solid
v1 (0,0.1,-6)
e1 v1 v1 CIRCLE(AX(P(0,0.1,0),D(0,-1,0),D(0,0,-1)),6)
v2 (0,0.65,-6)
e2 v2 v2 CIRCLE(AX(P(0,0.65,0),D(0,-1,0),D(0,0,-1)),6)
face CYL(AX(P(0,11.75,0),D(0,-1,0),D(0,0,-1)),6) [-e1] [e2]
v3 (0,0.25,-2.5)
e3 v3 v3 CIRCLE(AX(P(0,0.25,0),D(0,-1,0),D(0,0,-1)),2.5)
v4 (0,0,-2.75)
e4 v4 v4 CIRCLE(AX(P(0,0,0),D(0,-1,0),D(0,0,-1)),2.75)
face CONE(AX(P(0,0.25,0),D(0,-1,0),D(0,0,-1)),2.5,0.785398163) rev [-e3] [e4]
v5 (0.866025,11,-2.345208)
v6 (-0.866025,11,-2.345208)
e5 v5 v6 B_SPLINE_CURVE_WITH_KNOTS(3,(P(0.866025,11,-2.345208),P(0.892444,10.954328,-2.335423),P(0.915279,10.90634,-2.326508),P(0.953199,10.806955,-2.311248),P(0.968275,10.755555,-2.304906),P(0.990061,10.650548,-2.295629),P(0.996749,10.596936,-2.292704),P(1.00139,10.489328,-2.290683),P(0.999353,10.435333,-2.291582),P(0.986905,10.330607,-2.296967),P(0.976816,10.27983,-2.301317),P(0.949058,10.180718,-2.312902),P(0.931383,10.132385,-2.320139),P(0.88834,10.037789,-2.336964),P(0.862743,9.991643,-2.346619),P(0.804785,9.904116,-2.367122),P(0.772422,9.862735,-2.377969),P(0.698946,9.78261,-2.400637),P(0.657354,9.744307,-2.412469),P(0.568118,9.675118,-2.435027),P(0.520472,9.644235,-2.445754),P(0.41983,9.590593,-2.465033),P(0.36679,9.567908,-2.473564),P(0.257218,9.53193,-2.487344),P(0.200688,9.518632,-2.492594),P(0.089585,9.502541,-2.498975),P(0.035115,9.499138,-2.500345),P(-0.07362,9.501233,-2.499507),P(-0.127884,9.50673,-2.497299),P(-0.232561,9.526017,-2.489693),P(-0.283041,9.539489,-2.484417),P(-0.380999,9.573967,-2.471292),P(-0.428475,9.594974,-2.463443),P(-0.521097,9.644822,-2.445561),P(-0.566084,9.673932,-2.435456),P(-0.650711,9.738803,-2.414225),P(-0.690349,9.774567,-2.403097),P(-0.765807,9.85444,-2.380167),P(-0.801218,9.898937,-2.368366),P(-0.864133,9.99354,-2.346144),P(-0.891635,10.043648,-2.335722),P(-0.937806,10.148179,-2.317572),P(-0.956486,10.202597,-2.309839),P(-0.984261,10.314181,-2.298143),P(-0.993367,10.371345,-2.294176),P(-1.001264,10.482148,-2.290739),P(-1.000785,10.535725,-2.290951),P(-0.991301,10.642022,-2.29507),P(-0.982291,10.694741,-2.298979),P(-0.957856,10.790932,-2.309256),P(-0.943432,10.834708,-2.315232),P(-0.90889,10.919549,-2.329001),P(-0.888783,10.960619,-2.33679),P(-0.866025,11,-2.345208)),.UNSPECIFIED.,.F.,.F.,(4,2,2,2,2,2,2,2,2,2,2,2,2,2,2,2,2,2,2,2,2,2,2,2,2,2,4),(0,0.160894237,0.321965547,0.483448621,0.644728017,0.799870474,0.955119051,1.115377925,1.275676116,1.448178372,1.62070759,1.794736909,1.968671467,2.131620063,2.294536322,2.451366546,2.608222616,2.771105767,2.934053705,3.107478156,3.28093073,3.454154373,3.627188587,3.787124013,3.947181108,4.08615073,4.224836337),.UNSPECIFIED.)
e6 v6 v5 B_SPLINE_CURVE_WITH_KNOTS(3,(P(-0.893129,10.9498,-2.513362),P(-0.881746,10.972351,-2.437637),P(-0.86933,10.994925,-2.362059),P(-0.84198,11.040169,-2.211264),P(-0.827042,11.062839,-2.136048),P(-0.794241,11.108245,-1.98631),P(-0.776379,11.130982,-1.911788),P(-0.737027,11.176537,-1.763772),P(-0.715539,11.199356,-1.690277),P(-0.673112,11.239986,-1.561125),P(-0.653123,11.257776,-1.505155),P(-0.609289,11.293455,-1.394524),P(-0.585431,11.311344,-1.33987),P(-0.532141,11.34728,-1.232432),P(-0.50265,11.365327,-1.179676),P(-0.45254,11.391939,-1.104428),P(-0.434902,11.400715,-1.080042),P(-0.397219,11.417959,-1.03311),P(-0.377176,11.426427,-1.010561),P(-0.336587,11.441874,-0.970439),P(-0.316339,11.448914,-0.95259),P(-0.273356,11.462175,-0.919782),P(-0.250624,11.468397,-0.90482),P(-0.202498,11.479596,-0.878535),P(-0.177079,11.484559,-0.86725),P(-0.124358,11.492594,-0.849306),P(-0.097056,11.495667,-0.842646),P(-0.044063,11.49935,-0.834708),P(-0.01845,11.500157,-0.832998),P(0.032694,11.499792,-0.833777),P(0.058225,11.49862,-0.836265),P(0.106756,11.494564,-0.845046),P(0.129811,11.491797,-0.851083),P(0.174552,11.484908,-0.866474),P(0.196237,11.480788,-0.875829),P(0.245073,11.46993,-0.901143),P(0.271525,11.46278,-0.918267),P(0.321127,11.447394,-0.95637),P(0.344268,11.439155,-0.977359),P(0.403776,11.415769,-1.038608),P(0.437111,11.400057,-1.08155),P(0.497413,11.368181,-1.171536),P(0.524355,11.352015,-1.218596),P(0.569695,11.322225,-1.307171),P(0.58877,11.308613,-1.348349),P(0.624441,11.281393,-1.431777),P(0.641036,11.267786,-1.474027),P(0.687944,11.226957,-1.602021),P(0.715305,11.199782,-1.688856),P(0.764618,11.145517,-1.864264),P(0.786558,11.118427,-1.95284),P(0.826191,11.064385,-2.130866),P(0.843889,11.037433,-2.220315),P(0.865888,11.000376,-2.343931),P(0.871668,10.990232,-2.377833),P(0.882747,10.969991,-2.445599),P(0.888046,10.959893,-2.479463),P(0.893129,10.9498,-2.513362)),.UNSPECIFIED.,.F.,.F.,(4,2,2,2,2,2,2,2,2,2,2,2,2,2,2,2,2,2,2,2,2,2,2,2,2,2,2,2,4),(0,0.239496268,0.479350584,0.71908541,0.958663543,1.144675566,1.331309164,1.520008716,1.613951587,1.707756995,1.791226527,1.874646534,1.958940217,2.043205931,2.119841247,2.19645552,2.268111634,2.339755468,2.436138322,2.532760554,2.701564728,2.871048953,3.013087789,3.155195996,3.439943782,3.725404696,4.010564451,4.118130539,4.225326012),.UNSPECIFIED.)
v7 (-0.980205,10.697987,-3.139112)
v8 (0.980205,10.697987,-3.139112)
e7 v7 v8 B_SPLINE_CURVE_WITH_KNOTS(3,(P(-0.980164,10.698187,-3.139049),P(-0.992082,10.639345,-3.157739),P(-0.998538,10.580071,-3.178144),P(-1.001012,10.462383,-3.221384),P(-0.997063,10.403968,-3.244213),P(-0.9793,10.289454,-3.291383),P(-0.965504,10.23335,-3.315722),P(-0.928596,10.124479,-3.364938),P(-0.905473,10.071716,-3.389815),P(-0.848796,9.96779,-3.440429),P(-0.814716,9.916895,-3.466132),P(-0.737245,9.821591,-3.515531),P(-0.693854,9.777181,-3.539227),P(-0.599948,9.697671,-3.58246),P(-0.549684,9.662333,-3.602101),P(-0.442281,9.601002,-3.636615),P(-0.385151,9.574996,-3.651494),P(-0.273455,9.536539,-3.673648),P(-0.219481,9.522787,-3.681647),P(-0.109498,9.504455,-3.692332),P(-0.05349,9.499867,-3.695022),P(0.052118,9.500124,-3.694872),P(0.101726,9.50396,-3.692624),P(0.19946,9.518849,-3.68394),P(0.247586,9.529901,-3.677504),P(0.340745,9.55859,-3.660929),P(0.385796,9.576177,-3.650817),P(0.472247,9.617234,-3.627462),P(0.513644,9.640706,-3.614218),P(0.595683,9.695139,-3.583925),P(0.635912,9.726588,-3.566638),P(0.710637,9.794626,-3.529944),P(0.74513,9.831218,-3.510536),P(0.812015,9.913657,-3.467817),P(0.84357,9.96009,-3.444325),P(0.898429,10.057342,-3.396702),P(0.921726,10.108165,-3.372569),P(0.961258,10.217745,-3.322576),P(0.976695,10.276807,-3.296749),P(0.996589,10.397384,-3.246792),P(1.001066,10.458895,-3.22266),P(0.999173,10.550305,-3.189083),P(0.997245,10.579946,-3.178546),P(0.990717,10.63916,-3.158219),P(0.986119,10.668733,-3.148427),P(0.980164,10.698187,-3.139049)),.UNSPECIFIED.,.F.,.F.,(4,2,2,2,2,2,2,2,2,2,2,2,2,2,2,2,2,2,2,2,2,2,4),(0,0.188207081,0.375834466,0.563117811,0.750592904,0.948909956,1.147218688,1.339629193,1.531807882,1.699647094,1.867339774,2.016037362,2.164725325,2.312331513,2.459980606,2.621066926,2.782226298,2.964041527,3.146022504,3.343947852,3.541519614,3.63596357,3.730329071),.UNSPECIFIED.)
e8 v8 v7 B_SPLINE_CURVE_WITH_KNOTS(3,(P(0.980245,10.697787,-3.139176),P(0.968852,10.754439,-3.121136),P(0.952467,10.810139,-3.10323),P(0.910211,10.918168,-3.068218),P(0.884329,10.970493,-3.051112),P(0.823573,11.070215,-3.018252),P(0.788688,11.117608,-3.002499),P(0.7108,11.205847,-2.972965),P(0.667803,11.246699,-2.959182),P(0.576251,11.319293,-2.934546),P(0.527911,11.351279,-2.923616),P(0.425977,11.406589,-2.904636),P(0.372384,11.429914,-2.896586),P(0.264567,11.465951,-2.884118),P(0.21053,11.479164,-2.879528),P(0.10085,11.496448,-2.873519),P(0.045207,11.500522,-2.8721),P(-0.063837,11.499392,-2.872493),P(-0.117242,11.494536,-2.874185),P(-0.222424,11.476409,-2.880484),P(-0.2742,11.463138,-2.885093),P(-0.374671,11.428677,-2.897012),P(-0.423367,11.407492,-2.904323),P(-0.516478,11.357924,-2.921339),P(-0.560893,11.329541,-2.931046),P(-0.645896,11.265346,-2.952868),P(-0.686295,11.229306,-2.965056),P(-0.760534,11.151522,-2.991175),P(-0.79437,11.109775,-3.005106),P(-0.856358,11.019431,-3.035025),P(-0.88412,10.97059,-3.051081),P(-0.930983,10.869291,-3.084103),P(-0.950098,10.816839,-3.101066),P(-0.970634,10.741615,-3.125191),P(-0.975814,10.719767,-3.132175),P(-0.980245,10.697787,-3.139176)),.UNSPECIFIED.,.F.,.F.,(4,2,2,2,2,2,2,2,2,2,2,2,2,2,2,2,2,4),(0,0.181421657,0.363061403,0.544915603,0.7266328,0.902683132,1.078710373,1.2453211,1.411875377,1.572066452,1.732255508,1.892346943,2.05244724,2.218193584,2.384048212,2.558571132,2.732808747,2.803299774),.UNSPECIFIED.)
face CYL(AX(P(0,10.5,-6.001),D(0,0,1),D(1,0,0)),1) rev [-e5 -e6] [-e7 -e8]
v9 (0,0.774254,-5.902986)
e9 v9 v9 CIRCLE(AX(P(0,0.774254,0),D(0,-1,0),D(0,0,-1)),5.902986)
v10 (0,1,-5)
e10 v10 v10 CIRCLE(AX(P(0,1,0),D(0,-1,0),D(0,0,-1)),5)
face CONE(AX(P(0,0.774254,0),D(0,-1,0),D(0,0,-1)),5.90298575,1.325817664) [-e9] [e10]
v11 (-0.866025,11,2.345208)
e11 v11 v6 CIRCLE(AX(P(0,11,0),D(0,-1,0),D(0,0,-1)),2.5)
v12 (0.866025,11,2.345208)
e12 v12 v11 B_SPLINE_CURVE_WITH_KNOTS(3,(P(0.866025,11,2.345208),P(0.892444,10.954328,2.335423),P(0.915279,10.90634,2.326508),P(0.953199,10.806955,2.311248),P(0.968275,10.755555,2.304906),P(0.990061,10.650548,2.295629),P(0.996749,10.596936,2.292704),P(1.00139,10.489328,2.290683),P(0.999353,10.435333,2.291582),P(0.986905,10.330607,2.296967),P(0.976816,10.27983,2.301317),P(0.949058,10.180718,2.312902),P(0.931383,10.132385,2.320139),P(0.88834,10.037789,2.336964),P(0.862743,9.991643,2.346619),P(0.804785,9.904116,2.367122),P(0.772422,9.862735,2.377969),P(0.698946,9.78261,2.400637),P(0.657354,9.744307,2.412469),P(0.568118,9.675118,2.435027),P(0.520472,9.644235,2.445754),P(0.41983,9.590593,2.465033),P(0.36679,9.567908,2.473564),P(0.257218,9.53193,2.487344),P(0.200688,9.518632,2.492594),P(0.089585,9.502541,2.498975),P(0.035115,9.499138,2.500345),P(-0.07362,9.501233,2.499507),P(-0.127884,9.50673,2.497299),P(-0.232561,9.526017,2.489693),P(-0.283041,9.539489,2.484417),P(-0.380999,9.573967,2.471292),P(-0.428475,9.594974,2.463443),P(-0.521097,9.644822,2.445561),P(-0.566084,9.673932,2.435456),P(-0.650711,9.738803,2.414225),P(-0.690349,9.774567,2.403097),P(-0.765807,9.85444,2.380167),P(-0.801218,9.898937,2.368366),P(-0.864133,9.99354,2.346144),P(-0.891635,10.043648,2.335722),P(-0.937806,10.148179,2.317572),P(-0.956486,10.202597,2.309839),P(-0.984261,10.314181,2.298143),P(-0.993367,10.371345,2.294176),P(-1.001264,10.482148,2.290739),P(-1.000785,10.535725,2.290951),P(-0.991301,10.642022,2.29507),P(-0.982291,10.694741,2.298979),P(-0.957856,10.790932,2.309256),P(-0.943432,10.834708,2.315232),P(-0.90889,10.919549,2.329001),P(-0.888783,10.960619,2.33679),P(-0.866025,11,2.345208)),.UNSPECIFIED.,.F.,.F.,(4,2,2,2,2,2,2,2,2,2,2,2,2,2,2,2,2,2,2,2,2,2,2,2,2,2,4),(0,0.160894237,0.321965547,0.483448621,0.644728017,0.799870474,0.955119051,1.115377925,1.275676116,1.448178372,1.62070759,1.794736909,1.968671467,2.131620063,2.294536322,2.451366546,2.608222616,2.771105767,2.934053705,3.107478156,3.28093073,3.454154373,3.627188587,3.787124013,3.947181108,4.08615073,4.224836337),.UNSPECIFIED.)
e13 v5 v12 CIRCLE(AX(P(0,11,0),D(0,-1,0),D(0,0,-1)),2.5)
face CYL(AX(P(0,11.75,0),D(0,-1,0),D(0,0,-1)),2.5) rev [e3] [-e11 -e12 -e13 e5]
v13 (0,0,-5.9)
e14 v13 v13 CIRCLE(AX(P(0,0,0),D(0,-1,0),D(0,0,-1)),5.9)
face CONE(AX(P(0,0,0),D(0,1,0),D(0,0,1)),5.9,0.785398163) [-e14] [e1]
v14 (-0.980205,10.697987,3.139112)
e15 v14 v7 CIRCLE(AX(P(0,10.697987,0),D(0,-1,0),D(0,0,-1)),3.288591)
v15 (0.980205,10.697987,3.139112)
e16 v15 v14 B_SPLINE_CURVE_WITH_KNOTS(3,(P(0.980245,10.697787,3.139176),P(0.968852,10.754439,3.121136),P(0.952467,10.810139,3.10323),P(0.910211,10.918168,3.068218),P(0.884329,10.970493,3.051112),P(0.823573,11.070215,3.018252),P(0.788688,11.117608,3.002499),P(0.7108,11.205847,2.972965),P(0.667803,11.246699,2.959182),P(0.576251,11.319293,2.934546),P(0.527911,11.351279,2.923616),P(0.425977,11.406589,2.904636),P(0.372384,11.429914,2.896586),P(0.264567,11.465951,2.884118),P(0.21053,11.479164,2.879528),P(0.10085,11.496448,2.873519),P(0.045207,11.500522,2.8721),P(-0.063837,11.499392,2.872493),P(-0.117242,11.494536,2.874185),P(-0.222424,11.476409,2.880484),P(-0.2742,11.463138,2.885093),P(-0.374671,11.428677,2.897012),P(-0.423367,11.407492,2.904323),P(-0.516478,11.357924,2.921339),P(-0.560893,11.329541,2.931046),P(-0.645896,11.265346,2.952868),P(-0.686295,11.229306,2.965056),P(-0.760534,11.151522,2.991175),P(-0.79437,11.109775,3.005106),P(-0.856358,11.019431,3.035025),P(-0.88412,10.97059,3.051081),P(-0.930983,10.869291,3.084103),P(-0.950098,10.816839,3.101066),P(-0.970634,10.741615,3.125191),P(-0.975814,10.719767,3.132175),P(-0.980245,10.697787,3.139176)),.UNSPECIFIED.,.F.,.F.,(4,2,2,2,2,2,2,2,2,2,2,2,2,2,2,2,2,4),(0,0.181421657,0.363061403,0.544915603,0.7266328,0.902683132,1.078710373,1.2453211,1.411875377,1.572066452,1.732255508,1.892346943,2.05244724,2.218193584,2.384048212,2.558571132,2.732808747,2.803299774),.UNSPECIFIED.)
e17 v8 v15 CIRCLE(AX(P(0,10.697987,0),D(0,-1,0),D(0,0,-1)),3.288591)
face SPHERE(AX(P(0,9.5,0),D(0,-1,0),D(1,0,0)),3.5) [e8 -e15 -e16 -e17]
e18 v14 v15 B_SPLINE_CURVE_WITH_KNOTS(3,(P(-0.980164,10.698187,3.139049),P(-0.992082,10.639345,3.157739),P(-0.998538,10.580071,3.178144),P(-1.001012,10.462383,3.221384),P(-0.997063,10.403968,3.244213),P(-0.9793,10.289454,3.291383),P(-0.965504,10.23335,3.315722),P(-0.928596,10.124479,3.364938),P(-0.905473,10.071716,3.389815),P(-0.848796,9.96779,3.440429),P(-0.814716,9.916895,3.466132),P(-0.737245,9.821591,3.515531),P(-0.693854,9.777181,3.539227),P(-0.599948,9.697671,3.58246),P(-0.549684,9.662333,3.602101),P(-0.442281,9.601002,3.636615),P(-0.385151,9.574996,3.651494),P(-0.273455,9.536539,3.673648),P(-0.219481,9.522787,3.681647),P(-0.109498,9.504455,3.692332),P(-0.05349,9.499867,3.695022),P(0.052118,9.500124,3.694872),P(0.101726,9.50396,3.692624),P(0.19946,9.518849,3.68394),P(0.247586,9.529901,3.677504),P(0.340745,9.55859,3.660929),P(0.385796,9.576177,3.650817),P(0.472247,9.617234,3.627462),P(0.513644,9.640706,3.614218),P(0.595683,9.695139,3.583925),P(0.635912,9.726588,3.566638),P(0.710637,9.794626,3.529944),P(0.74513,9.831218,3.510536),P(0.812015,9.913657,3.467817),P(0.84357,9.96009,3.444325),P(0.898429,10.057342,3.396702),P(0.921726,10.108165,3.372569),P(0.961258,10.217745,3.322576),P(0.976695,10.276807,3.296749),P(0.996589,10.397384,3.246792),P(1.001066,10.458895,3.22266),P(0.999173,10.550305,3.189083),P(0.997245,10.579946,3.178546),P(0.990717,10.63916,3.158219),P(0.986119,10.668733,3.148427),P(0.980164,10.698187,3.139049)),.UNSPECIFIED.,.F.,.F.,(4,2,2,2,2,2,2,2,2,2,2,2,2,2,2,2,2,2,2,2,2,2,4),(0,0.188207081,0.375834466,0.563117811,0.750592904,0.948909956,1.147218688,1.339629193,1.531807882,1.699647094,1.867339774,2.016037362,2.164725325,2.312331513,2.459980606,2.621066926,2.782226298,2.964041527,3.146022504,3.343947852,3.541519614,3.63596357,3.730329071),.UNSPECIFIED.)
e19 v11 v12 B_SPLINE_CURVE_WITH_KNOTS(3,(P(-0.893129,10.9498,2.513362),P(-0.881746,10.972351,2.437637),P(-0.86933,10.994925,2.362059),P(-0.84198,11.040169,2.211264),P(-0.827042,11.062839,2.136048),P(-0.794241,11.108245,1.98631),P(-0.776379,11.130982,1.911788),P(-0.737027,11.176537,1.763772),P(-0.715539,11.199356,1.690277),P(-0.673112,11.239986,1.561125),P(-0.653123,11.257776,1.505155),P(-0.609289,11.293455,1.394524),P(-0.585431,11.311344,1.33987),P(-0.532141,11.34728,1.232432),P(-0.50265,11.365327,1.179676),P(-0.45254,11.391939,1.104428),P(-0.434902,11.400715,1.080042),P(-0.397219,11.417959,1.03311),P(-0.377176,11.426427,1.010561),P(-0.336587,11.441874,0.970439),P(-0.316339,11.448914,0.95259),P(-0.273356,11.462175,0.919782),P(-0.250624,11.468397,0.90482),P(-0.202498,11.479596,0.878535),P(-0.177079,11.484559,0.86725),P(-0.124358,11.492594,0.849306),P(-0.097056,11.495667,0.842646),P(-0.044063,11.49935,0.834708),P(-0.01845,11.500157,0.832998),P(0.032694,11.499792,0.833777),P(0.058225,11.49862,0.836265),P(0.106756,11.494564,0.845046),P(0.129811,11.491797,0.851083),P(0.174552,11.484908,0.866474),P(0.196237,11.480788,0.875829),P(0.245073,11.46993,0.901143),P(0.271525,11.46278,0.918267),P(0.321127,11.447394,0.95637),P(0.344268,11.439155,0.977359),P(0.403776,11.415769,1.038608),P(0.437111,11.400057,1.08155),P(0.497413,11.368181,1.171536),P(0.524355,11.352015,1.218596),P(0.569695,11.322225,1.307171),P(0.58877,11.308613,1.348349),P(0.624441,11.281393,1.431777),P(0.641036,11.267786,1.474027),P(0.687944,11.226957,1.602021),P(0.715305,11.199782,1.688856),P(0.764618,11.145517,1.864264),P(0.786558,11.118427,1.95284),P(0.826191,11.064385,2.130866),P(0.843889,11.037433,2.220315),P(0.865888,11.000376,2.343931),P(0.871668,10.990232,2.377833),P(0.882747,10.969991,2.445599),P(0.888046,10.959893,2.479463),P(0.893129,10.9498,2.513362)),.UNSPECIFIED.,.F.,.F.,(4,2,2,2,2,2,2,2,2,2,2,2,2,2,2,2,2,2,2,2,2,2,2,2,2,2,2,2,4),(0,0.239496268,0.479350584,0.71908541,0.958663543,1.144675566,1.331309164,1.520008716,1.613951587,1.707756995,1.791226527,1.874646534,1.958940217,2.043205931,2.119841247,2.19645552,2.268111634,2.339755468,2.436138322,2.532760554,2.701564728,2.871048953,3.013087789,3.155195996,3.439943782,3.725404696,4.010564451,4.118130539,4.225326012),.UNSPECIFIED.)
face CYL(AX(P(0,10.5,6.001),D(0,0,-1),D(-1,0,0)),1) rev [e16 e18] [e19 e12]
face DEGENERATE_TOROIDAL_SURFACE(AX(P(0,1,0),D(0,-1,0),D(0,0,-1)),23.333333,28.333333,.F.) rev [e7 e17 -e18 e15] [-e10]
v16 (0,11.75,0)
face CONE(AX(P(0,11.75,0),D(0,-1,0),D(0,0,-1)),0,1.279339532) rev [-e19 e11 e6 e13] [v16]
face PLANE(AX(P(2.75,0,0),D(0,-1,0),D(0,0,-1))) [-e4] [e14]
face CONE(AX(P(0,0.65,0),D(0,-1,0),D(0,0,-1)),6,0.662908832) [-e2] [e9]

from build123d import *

# Parameters (mm, degrees)
CUT_EXTRUDE1_REACH             = 17.524
SKETCH2_R                      = 1
CUT_EXTRUDE1_DIRECTION_2_REACH = 17.524


with BuildPart() as part:
    # Sketch1 → Revolve1 (revolve)
    with BuildSketch(Plane.XY, mode=Mode.PRIVATE) as revolve1_sk:
        with BuildLine():
            Line((2.75, 0), (5.9, 0))
            Line((5.9, 0), (6, 0.1))
            Line((6, 0.1), (6, 0.65))
            Line((6, 0.65), (5.90298575, 0.774253563))
            Line((5.90298575, 0.774253563), (5, 1))
            ThreePointArc((5, 1), (4.5688675, 5.923917794), (3.288590604, 10.697986577))
            ThreePointArc((3.288590604, 10.697986577), (2.007118205, 12.367311722), (0, 13))
            Line((0, 13), (0, 11.75))
            Line((0, 11.75), (2.5, 11))
            Line((2.5, 11), (2.5, 0.25))
            Line((2.5, 0.25), (2.75, 0))
        make_face()
    revolve(revolve1_sk.sketch.rotate(Axis((0, 11.75, 0), (0, 1, 0)), 90), axis=Axis((0, 11.75, 0), (0, 1, 0)))

    # Sketch2 → Cut-Extrude1 (cut, up to next)
    with BuildSketch(Plane.XY, mode=Mode.PRIVATE) as cut_extrude1_sk1:
        with Locations(Location((0, 10.5, 0), (0, 0, 179.156103364))):
            Circle(SKETCH2_R)
    cut_extrude1_tool1 = extrude(cut_extrude1_sk1.sketch, amount=-CUT_EXTRUDE1_REACH, mode=Mode.PRIVATE) & part.part
    add(cut_extrude1_tool1.solids().sort_by_distance((0, 10.5, 0))[0], mode=Mode.SUBTRACT)

    # Sketch2 → Cut-Extrude1 direction 2 (cut, up to next)
    with BuildSketch(Plane.XY, mode=Mode.PRIVATE) as cut_extrude1_direction_2_sk1:
        with Locations(Location((0, 10.5, 0), (0, 0, 179.156103364))):
            Circle(SKETCH2_R)
    cut_extrude1_direction_2_tool1 = extrude(cut_extrude1_direction_2_sk1.sketch, amount=CUT_EXTRUDE1_DIRECTION_2_REACH, mode=Mode.PRIVATE) & part.part
    add(cut_extrude1_direction_2_tool1.solids().sort_by_distance((0, 10.5, 0))[0], mode=Mode.SUBTRACT)


solid = part.part
